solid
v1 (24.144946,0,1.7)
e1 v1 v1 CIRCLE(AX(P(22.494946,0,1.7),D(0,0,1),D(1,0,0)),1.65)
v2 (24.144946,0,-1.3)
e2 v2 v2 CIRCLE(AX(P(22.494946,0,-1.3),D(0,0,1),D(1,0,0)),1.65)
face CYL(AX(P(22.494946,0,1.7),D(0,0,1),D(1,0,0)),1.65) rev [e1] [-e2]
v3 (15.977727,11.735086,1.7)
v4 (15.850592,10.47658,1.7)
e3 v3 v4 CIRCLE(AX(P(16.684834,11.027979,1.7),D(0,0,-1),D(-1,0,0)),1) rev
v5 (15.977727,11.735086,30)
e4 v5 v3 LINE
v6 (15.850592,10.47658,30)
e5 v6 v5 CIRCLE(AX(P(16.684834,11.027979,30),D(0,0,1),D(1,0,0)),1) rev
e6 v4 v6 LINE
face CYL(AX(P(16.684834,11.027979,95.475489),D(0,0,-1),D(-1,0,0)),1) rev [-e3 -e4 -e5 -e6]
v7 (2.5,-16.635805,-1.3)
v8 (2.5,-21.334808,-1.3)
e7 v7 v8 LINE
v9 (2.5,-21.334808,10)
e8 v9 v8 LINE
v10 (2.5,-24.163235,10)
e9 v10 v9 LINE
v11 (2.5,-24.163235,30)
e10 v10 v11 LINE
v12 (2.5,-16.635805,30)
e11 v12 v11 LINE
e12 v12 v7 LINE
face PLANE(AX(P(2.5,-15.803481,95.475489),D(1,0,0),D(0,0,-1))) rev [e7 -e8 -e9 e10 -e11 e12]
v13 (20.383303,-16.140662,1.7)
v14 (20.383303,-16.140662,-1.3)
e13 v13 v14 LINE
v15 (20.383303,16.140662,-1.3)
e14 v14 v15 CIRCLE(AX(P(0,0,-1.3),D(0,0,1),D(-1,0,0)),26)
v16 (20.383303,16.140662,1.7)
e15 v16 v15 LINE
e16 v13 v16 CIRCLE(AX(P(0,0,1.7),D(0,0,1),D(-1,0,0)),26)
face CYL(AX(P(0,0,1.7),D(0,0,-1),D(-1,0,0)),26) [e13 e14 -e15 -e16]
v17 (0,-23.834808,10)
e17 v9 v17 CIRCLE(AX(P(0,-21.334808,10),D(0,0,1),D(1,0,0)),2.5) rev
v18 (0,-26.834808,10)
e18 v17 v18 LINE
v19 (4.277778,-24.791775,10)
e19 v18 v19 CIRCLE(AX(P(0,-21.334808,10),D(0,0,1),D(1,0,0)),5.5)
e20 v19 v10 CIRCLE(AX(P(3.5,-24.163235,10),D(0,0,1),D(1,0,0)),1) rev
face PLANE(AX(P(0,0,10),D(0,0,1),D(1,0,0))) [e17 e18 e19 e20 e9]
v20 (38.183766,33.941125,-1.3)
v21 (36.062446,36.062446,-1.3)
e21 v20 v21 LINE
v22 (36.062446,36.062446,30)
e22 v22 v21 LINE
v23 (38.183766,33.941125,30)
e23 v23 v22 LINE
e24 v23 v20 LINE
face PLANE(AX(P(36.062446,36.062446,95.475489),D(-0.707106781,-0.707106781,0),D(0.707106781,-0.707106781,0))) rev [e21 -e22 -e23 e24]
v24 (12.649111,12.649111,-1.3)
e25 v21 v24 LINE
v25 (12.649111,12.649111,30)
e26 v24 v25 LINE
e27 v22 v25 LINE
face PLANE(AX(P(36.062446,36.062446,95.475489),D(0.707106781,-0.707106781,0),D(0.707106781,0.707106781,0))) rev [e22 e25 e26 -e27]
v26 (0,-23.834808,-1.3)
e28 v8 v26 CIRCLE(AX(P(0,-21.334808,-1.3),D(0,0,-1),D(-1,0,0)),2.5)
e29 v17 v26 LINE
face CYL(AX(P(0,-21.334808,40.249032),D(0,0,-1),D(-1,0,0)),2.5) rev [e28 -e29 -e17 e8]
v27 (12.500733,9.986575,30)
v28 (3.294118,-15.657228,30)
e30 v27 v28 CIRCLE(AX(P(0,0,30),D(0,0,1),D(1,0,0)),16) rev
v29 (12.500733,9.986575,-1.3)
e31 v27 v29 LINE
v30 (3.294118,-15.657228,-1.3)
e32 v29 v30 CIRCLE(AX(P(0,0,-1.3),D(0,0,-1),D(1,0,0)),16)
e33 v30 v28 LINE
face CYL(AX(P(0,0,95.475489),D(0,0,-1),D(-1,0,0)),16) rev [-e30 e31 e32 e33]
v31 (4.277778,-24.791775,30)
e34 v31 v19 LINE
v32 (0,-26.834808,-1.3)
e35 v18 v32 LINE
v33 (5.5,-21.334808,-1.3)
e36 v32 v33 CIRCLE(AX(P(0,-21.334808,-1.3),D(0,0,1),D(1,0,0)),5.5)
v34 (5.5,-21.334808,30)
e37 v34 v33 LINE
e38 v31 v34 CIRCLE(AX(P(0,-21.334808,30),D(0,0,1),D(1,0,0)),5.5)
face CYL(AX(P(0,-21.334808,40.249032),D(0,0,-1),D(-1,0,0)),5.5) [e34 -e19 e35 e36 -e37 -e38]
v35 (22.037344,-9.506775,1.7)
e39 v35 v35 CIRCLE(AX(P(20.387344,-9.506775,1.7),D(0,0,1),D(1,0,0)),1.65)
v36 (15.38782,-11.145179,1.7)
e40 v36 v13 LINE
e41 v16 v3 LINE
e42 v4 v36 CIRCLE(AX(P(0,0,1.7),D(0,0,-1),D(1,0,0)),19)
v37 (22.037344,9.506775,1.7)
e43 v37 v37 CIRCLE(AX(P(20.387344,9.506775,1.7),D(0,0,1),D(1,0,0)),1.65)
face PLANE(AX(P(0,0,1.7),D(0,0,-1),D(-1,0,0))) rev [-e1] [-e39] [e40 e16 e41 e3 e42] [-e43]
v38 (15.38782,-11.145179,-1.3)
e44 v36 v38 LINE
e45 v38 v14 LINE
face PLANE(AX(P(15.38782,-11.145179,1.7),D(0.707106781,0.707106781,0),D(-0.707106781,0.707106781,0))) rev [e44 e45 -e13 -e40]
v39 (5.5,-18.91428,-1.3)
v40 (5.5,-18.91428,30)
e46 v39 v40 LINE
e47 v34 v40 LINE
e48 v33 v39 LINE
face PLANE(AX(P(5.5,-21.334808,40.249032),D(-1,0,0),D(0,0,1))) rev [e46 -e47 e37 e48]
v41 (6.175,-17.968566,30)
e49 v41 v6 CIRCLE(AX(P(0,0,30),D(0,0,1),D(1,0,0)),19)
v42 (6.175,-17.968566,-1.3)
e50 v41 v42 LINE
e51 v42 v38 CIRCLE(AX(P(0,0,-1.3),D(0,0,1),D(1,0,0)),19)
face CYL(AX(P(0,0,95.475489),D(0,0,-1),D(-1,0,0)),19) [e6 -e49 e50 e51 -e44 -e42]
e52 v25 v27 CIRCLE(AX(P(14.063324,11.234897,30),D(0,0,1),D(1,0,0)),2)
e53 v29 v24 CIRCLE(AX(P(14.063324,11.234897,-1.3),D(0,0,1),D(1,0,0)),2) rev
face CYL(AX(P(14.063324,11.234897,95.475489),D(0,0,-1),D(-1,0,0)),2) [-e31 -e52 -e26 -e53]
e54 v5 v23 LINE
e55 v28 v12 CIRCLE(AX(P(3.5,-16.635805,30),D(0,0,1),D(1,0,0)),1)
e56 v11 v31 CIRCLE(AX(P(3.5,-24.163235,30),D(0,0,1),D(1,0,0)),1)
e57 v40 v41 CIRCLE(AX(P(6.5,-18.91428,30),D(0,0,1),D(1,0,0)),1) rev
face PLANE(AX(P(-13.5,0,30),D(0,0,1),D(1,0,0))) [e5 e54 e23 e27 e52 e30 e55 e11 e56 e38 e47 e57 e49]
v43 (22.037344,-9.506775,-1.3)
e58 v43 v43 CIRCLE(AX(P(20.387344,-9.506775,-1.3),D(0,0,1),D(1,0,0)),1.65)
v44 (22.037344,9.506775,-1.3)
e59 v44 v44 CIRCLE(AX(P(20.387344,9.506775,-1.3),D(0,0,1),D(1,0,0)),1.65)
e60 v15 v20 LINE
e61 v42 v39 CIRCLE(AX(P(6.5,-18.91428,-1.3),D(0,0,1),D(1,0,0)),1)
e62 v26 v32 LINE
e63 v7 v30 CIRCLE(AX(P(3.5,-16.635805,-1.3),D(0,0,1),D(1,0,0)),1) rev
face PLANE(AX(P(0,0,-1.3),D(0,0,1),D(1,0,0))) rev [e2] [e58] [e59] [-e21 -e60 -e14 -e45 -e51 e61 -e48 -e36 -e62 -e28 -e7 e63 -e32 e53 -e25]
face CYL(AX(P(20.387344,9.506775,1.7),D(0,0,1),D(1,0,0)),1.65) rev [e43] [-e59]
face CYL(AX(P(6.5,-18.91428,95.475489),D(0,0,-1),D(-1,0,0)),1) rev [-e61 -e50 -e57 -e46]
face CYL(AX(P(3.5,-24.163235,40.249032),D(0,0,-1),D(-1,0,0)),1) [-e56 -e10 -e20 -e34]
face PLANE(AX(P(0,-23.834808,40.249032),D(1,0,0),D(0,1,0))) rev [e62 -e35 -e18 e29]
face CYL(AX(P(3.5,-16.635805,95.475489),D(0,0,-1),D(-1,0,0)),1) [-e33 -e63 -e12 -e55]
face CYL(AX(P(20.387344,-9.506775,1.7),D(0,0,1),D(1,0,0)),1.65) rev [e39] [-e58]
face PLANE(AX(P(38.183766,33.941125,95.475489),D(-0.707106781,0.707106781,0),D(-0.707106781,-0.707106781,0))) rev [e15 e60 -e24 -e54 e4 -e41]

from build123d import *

# Parameters (mm, degrees)
EXTRUDE_1_DEPTH     = 31.3
EXTRUDE_2_DEPTH     = 3
EXTRUDE_3_DEPTH     = 31.3
SKETCH_9_W          = 7.730582044
SKETCH_9_H          = 5.996077833
CUT_EXTRUDE_1_DEPTH = 20
ST2_9_1_D           = 3.3
FILLET_1_R          = 1
FILLET_2_R          = 2


with BuildPart() as part:
    # 草图1 → 凸台-拉伸1 (new body)
    with BuildSketch(Plane.XY.offset(-1.3)):
        with BuildLine():
            Line((36.062445841, 36.062445841), (11.313708499, 11.313708499))
            ThreePointArc((11.313708499, 11.313708499), (15.216442494, -4.945692856), (2.5, -15.803480629))
            Line((2.5, -15.803480629), (2.5, -18.834808202))
            ThreePointArc((2.5, -18.834808202), (17.455469833, -7.50377058), (15.387819505, 11.145178818))
            Line((15.387819505, 11.145178818), (38.183766184, 33.941125497))
            Line((38.183766184, 33.941125497), (36.062445841, 36.062445841))
        make_face()
    extrude(amount=EXTRUDE_1_DEPTH)

    # 草图2 → 凸台-拉伸2 (add)
    with BuildSketch(Plane.XY.offset(-1.3)):
        with BuildLine():
            Line((15.387819505, 11.145178818), (20.383302711, 16.140662024))
            ThreePointArc((20.383302711, 16.140662024), (26, 0), (20.383302711, -16.140662024))
            Line((20.383302711, -16.140662024), (15.387819505, -11.145178818))
            ThreePointArc((15.387819505, -11.145178818), (19, 0), (15.387819505, 11.145178818))
        make_face()
    extrude(amount=EXTRUDE_2_DEPTH)

    # 草图8 → 凸台-拉伸3 (add)
    with BuildSketch(Plane.XY.offset(-1.3)):
        with BuildLine():
            Line((2.5, -18.834808202), (2.5, -21.334808202))
            ThreePointArc((2.5, -21.334808202), (1.767766953, -23.102575155), (0, -23.834808202))
            Line((0, -23.834808202), (0, -26.834808202))
            ThreePointArc((0, -26.834808202), (3.889087297, -25.223895498), (5.5, -21.334808202))
            Line((5.5, -21.334808202), (5.5, -18.186533479))
            ThreePointArc((5.5, -18.186533479), (4.013111639, -18.57134715), (2.5, -18.834808202))
        make_face()
    extrude(amount=EXTRUDE_3_DEPTH)

    # 草图9 → 切除-拉伸1 (cut)
    with BuildSketch(Plane.XY.offset(30)):
        with Locations((-1.365291022, -24.332847119)):
            Rectangle(SKETCH_9_W, SKETCH_9_H)
    extrude(amount=-CUT_EXTRUDE_1_DEPTH, mode=Mode.SUBTRACT)

    # ST2.9 间隙孔1 (through all)
    with Locations(Plane.XY.offset(1.7)):
        with Locations((22.494945516, 0), (20.38734429, 9.506774772), (20.38734429, -9.506774772)):
            Hole(ST2_9_1_D / 2)

    # 圆角1
    fillet_1_edges = [part.edges().sort_by_distance(p)[0] for p in [
        (2.5, -15.803480629, 14.35),
        (15.387819505, 11.145178818, 15.85),
        (5.5, -18.186533479, 14.35),
        (2.5, -26.233787687, 20),
    ]]
    fillet(fillet_1_edges, radius=FILLET_1_R)

    # 圆角2
    fillet_2_edges = [part.edges().sort_by_distance(p)[0] for p in [
        (11.313708499, 11.313708499, 14.35),
    ]]
    fillet(fillet_2_edges, radius=FILLET_2_R)


solid = part.part
